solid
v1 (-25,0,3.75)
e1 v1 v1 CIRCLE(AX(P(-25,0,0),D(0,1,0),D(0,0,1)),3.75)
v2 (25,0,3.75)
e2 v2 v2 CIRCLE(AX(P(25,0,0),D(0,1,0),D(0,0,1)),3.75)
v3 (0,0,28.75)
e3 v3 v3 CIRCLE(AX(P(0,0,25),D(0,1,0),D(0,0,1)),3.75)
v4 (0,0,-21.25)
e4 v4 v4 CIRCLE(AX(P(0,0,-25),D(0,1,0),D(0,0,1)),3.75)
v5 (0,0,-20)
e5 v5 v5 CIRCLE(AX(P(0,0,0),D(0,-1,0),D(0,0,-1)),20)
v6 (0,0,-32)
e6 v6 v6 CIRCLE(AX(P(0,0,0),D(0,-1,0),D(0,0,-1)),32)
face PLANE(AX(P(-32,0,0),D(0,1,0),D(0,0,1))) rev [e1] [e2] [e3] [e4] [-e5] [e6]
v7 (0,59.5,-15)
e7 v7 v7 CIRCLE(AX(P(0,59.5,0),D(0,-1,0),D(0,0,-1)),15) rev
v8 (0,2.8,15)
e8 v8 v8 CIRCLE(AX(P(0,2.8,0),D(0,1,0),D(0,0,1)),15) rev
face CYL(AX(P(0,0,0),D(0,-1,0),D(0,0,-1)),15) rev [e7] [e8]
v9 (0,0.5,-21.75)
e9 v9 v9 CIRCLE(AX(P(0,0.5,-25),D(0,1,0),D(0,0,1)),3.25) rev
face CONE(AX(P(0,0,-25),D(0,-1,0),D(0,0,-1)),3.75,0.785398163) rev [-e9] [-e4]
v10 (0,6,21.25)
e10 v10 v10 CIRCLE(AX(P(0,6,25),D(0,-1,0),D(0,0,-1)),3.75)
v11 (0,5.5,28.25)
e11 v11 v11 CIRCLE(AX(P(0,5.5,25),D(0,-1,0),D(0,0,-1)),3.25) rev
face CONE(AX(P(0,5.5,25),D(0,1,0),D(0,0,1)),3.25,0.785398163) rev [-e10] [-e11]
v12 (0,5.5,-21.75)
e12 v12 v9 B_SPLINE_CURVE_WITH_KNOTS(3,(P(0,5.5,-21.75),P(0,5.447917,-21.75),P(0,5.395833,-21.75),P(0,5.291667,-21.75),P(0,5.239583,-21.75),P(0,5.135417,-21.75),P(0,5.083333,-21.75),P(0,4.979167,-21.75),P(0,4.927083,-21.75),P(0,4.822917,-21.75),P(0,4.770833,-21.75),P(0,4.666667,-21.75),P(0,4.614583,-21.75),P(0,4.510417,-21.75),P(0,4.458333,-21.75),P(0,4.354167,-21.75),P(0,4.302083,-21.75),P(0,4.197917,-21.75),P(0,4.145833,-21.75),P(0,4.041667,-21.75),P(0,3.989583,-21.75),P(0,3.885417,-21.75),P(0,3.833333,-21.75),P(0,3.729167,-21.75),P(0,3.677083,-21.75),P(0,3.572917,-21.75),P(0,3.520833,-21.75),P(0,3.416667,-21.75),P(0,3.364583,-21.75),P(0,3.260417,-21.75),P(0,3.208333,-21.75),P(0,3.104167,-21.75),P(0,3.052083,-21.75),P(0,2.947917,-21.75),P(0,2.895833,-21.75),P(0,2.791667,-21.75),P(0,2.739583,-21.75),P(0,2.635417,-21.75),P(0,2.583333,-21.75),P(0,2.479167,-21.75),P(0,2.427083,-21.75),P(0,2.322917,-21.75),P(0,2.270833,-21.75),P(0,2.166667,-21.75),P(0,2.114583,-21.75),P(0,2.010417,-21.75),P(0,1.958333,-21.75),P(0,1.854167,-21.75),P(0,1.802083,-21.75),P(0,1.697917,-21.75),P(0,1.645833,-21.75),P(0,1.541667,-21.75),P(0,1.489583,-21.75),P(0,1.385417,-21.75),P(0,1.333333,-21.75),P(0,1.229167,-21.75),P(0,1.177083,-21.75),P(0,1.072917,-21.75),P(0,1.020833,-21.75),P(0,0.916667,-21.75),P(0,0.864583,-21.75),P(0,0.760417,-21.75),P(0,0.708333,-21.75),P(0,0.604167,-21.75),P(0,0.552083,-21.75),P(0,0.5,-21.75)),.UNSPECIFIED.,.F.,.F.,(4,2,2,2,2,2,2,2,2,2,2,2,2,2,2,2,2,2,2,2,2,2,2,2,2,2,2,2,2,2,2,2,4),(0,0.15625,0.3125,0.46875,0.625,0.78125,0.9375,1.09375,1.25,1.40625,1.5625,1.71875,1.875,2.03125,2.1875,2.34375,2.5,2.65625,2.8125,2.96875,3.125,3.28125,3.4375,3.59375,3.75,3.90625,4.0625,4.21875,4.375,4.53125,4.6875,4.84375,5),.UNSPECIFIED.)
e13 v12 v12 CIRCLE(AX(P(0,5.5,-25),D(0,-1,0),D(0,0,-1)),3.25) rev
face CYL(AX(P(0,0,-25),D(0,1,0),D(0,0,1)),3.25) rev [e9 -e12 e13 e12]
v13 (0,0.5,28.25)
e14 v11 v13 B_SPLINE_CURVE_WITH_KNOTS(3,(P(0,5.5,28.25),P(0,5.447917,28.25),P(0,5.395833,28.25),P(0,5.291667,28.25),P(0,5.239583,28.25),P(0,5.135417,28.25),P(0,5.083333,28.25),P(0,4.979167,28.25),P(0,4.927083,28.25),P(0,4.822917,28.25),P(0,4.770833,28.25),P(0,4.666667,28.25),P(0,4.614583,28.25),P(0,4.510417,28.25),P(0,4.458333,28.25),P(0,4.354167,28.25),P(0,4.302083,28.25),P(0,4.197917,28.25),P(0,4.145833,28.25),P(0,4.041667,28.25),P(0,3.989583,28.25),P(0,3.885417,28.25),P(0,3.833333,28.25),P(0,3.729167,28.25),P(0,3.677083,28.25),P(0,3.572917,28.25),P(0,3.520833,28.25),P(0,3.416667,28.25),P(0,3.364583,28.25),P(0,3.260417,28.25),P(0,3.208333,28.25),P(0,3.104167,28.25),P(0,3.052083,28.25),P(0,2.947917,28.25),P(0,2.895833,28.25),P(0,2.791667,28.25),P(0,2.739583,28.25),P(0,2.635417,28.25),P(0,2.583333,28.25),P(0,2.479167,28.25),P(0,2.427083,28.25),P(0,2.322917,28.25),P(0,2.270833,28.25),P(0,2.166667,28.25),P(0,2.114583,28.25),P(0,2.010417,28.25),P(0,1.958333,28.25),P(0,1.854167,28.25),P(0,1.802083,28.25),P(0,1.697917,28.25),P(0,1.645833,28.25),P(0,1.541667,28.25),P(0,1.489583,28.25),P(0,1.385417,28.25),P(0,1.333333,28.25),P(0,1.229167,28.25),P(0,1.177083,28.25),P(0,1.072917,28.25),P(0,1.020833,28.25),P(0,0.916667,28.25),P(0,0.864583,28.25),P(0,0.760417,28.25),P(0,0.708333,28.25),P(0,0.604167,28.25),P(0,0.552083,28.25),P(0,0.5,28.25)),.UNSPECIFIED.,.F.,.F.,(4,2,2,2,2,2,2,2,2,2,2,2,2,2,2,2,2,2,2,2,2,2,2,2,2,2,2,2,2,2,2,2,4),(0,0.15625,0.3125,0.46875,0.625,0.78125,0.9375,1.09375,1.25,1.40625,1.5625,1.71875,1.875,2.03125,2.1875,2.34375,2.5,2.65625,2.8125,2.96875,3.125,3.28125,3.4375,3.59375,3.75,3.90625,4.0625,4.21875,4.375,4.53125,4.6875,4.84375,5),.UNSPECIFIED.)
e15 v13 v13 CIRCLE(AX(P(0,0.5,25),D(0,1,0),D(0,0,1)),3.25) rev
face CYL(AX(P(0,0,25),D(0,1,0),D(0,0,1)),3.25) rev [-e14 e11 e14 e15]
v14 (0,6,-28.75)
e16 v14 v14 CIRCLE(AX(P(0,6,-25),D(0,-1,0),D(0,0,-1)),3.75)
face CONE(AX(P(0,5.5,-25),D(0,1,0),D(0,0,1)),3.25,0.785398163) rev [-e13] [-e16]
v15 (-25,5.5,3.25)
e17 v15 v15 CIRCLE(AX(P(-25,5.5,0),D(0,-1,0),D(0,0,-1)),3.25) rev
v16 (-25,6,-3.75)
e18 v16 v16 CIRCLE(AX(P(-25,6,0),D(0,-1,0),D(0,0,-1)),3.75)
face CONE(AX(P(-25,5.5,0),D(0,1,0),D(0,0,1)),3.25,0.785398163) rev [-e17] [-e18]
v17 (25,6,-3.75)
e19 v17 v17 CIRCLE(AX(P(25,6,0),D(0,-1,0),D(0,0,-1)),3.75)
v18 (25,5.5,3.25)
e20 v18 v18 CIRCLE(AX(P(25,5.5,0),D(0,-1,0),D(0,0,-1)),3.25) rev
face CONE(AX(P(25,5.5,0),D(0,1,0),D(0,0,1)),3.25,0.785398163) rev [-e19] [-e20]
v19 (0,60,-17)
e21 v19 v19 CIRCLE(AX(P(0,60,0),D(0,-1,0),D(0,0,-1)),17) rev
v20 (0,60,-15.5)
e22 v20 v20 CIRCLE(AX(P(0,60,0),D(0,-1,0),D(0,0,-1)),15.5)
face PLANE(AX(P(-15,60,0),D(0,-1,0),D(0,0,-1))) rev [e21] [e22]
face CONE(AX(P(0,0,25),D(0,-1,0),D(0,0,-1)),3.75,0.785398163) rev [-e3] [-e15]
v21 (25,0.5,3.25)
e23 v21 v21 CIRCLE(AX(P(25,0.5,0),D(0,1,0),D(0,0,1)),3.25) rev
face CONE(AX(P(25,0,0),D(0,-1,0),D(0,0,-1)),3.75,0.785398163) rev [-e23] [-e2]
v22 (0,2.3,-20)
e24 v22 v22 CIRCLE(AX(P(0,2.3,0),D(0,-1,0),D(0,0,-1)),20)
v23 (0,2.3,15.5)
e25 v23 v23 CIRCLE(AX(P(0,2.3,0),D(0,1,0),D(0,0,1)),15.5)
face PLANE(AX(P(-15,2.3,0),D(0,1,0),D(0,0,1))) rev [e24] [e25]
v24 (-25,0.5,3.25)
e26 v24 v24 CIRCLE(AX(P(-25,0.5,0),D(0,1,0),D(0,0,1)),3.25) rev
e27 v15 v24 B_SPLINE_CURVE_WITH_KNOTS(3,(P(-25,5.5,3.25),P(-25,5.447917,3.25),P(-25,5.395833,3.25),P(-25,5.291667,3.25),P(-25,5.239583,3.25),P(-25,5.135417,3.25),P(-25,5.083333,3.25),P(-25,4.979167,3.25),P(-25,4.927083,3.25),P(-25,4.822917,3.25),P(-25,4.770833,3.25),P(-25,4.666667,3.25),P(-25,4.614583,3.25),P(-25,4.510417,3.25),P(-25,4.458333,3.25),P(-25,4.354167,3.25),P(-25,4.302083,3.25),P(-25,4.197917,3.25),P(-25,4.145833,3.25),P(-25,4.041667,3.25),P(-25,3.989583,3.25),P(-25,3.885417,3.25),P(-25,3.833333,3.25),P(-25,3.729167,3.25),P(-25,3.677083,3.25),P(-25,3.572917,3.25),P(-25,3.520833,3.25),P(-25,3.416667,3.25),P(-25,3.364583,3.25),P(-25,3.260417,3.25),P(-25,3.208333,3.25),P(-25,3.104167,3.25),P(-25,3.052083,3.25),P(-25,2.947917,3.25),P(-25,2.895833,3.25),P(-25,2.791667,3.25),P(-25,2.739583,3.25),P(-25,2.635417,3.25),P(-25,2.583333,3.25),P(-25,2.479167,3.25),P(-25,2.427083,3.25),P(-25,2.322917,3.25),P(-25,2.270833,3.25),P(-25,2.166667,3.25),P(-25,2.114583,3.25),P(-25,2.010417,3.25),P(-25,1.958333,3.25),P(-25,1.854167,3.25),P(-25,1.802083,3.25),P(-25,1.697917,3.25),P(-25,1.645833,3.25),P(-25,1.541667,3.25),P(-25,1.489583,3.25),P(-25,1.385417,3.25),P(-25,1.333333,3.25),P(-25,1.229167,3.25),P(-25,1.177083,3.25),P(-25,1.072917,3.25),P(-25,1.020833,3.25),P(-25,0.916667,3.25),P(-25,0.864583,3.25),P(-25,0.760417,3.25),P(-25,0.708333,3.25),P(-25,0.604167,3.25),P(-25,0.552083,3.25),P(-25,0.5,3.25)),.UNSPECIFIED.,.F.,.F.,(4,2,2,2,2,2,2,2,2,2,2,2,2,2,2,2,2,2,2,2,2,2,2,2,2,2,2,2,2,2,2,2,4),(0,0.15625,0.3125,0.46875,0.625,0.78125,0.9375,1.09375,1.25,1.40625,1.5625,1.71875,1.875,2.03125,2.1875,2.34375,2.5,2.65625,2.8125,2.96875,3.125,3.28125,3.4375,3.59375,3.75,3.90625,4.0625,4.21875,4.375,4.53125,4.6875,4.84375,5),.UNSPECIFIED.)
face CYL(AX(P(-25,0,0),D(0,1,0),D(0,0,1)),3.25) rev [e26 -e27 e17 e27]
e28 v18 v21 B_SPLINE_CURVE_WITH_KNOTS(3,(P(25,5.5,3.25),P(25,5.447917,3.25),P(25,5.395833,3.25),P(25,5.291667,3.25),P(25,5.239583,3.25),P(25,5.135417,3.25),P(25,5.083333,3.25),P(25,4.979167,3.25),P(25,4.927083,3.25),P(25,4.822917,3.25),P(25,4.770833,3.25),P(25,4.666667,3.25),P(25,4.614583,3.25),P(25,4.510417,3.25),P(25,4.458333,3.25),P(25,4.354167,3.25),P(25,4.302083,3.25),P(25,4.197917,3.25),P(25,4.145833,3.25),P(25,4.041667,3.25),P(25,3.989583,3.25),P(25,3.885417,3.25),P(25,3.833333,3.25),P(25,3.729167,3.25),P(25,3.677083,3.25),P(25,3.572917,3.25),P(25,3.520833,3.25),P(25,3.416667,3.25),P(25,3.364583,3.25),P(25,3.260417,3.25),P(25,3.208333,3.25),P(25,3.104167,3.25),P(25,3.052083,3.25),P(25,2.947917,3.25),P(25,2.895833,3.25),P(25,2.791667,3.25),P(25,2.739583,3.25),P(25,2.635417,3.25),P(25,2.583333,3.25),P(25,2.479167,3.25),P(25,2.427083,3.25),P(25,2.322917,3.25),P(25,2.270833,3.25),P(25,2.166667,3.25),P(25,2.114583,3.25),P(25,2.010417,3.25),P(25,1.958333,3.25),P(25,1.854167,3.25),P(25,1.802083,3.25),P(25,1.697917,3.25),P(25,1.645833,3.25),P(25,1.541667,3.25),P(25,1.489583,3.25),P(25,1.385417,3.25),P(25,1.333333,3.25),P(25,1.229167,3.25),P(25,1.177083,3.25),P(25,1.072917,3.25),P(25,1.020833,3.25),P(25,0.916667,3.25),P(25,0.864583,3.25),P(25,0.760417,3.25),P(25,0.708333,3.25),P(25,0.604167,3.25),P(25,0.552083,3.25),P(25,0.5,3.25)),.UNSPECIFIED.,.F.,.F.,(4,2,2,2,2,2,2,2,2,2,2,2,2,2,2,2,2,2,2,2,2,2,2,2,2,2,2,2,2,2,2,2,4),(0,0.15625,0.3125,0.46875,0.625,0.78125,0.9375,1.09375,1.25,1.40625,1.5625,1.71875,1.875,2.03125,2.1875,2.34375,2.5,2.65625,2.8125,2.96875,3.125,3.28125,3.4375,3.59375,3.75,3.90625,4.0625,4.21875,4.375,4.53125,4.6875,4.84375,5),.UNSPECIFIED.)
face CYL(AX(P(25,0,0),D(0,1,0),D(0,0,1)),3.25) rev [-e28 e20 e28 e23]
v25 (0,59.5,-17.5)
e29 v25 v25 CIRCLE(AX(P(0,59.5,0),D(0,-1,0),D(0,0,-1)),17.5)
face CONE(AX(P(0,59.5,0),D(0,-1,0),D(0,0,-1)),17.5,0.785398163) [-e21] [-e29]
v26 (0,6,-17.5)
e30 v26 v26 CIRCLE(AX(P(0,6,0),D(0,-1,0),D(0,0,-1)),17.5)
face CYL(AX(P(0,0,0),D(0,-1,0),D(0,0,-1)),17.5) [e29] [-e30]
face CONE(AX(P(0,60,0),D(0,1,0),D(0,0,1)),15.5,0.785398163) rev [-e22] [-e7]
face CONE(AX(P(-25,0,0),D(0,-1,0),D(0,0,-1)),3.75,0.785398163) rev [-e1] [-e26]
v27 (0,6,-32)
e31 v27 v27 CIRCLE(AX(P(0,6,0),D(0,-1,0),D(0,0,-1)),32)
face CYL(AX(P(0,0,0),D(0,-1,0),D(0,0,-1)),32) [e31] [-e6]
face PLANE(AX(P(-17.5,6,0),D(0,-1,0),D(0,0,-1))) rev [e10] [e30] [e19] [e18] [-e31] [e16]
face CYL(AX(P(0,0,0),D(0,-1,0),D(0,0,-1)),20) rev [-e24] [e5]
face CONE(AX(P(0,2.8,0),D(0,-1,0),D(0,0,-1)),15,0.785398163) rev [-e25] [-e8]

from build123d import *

# Parameters (mm, degrees)
CHAMFER1_SIZE      = 0.5
SKETCH2_R          = 3.25
CUT_EXTRUDE1_DEPTH = 71.455659815
CHAMFER2_SIZE      = 0.5
CHAMFER3_SIZE      = 0.5


with BuildPart() as part:
    # Sketch1 → Revolve1 (revolve)
    with BuildSketch(Plane.XY, mode=Mode.PRIVATE) as revolve1_sk:
        Polygon((-15, 2.3), (-15, 60), (-17.5, 60), (-17.5, 6), (-32, 6), (-32, 0), (-20, 0), (-20, 2.3), align=None)
    revolve(revolve1_sk.sketch.rotate(Axis((0, 0, 0), (0, 1, 0)), 270), axis=Axis((0, 0, 0), (0, 1, 0)))

    # Chamfer1
    chamfer1_edges = [part.edges().sort_by_distance(p)[0] for p in [
        (0, 60, 17.5),
        (0, 60, 15),
    ]]
    chamfer(chamfer1_edges, length=CHAMFER1_SIZE)

    # Sketch2 → Cut-Extrude1 (cut, through all)
    with BuildSketch(Plane(origin=(0, 6, 0), x_dir=(1, 0, 0), z_dir=(0, 1, 0))):
        with Locations(Location((0, 25, 0), (0, 0, 270))):
            Circle(SKETCH2_R)
        with Locations(Location((25, 0, 0), (0, 0, 270))):
            Circle(SKETCH2_R)
        with Locations(Location((0, -25, 0), (0, 0, 270))):
            Circle(SKETCH2_R)
        with Locations(Location((-25, 0, 0), (0, 0, 270))):
            Circle(SKETCH2_R)
    extrude(amount=-CUT_EXTRUDE1_DEPTH, mode=Mode.SUBTRACT)

    # Chamfer2
    chamfer2_edges = [part.edges().sort_by_distance(p)[0] for p in [
        (0, 0, -28.25),
        (0, 6, -28.25),
        (25, 0, -3.25),
        (25, 6, -3.25),
        (0, 0, 21.75),
        (0, 6, 21.75),
        (-25, 0, -3.25),
        (-25, 6, -3.25),
    ]]
    chamfer(chamfer2_edges, length=CHAMFER2_SIZE)

    # Chamfer3
    chamfer3_edges = [part.edges().sort_by_distance(p)[0] for p in [
        (0, 2.3, 15),
    ]]
    chamfer(chamfer3_edges, length=CHAMFER3_SIZE)


solid = part.part
